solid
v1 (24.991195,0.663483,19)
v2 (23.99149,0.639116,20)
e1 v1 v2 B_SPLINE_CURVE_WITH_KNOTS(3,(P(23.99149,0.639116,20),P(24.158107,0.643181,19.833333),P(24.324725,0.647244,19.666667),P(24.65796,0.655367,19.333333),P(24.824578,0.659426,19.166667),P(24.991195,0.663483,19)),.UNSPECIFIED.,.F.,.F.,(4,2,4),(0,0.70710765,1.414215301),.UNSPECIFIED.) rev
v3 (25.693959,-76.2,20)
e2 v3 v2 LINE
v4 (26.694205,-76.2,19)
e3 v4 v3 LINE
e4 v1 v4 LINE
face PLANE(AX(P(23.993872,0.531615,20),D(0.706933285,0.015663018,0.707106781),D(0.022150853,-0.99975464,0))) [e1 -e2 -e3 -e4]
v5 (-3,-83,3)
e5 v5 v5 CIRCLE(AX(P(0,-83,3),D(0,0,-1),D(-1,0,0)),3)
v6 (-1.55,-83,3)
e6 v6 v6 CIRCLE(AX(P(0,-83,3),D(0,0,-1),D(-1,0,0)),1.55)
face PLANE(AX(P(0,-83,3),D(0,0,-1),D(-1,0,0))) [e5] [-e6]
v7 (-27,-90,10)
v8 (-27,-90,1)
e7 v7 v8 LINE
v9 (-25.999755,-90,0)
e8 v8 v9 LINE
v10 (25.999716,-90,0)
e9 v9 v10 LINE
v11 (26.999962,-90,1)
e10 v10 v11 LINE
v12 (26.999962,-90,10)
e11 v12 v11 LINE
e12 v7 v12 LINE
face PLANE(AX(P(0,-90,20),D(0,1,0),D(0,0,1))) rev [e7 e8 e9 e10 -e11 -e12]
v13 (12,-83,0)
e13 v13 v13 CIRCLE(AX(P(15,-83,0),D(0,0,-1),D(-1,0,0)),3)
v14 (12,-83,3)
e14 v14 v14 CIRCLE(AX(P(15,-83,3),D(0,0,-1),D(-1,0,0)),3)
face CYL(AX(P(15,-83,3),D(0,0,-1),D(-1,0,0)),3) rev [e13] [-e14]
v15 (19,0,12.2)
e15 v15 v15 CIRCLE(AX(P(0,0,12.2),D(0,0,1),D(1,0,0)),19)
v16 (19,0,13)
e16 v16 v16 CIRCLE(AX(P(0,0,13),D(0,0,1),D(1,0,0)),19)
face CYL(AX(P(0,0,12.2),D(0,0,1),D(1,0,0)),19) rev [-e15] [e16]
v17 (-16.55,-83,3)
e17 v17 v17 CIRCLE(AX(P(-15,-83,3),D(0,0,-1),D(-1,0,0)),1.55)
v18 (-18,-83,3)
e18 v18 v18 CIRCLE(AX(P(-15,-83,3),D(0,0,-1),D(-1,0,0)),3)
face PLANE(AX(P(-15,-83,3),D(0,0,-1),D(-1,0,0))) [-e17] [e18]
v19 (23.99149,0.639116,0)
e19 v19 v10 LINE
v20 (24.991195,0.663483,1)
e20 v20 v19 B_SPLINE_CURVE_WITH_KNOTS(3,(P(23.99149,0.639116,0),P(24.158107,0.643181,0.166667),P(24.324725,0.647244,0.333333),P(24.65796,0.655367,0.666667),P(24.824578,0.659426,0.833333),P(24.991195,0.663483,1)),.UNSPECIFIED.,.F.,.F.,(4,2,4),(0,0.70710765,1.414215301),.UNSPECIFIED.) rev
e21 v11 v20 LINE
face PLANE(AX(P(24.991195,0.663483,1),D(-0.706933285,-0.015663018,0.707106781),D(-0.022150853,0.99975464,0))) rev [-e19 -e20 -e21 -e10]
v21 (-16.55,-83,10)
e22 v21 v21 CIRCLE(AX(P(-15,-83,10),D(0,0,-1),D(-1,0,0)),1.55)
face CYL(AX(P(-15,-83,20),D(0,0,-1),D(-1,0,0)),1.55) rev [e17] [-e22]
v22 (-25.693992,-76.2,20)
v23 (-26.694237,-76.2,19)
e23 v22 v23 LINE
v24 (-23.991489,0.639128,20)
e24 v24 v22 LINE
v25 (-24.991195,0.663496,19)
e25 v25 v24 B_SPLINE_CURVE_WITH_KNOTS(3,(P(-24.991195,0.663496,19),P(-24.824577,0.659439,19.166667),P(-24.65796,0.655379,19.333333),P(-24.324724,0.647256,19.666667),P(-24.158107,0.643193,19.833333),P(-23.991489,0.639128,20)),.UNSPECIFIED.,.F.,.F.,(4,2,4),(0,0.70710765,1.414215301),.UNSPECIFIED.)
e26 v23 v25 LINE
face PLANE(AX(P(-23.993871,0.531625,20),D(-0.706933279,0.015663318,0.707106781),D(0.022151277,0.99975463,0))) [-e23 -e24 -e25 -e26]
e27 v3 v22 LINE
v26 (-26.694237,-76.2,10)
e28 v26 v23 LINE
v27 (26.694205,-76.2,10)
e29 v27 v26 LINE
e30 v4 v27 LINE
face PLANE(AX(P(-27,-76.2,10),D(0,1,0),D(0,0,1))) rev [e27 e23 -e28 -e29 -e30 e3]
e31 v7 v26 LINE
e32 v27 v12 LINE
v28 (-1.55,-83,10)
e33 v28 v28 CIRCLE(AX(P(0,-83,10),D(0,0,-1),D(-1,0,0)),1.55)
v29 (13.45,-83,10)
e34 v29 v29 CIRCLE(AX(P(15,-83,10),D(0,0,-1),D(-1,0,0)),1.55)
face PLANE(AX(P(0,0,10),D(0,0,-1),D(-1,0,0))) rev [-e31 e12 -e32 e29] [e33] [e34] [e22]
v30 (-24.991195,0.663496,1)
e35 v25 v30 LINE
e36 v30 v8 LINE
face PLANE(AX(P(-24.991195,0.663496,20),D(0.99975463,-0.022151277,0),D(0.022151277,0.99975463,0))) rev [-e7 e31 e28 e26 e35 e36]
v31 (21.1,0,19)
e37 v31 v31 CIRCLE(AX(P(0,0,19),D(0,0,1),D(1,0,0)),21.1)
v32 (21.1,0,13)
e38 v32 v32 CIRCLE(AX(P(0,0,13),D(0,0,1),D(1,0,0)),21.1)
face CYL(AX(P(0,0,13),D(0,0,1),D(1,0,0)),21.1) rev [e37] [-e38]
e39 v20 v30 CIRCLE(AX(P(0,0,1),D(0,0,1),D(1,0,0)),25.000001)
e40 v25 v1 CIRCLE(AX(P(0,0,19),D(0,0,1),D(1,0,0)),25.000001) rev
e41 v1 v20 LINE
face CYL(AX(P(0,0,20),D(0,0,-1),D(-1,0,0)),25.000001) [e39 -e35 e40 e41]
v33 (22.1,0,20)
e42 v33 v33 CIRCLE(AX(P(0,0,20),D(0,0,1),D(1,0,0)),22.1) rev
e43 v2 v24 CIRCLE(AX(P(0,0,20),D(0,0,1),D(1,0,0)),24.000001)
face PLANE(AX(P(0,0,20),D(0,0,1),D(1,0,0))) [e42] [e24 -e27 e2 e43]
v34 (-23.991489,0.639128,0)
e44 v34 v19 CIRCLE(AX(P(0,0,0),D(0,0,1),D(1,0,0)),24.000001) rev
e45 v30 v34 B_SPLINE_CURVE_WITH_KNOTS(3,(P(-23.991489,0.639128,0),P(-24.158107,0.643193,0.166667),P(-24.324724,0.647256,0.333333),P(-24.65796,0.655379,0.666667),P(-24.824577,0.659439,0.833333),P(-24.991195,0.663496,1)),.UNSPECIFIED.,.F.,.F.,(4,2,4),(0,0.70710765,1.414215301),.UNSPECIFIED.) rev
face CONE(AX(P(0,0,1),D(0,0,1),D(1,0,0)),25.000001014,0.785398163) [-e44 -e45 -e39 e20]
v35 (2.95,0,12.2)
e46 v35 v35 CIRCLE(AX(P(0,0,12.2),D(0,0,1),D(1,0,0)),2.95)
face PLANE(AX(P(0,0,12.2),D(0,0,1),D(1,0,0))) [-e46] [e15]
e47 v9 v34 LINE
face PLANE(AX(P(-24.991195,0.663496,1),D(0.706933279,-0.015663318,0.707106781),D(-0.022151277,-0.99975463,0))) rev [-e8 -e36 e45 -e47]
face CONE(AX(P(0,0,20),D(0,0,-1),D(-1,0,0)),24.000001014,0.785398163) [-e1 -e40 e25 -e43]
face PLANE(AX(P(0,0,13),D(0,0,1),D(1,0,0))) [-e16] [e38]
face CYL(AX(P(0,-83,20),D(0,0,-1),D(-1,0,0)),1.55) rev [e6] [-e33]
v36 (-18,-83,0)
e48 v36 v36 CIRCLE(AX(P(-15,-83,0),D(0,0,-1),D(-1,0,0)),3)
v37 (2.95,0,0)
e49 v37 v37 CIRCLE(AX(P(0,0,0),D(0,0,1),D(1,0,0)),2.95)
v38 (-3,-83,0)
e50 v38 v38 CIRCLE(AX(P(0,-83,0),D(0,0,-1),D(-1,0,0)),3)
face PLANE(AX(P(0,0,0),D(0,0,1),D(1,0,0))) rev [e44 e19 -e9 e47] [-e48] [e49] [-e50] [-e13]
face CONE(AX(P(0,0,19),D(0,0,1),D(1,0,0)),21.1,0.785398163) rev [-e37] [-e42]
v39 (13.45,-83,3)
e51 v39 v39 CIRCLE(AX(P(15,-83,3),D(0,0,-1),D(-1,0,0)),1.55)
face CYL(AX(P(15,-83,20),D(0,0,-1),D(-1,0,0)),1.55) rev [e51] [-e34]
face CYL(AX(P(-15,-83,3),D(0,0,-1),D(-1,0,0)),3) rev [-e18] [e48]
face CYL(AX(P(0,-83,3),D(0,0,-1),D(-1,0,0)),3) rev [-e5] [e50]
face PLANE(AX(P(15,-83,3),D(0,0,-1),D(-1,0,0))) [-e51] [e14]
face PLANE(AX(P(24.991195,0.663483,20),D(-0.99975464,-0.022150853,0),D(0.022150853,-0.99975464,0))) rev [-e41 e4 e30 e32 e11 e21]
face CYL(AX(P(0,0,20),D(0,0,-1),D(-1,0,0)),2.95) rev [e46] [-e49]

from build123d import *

# Parameters (mm, degrees)
SKETCH_2_R          = 2.95
SKETCH_2_R_2        = 1.55
EXTRUDE_1_DEPTH     = 20
SKETCH_3_W          = 53.999961589
SKETCH_3_H          = 13.8
CUT_EXTRUDE_1_DEPTH = 10
SKETCH_4_R          = 21.1
CUT_EXTRUDE_2_DEPTH = 7
SKETCH_5_R          = 19
CUT_EXTRUDE_3_DEPTH = 0.8
CHAMFER_1_SIZE      = 1
SKETCH_6_R          = 3
CUT_EXTRUDE_4_DEPTH = 3


with BuildPart() as part:
    # 草图2 → 凸台-拉伸1 (new body)
    with BuildSketch(Plane.XY):
        with BuildLine():
            Line((-24.99119492, 0.663496162), (-27, -90))
            Line((-27, -90), (0, -90))
            Line((0, -90), (26.999961589, -90))
            Line((26.999961589, -90), (24.991195257, 0.663483484))
            ThreePointArc((24.991195257, 0.663483484), (6.341e-06, 25.000001014), (-24.99119492, 0.663496162))
        make_face()
        Circle(SKETCH_2_R, mode=Mode.SUBTRACT)
        with Locations((-15, -83)):
            Circle(SKETCH_2_R_2, mode=Mode.SUBTRACT)
        with Locations((0, -83)):
            Circle(SKETCH_2_R_2, mode=Mode.SUBTRACT)
        with Locations((15, -83)):
            Circle(SKETCH_2_R_2, mode=Mode.SUBTRACT)
    extrude(amount=EXTRUDE_1_DEPTH)

    # 草图3 → 切除-拉伸1 (cut)
    with BuildSketch(Plane.XY.offset(20)):
        with Locations((-1.9205e-05, -83.1)):
            Rectangle(SKETCH_3_W, SKETCH_3_H)
    extrude(amount=-CUT_EXTRUDE_1_DEPTH, mode=Mode.SUBTRACT)

    # 草图4 → 切除-拉伸2 (cut)
    with BuildSketch(Plane.XY.offset(20)):
        Circle(SKETCH_4_R)
    extrude(amount=-CUT_EXTRUDE_2_DEPTH, mode=Mode.SUBTRACT)

    # 草图5 → 切除-拉伸3 (cut)
    with BuildSketch(Plane.XY.offset(13)):
        Circle(SKETCH_5_R)
    extrude(amount=-CUT_EXTRUDE_3_DEPTH, mode=Mode.SUBTRACT)

    # 倒角1
    chamfer_1_edges = [part.edges().sort_by_distance(p)[0] for p in [
        (25.84270003, -37.768258258, 20),
        (6.341e-06, 25.000001014, 20),
        (25.995578423, -44.668258258, 0),
        (-21.1, 0, 20),
        (-25.99559746, -44.668251919, 0),
        (6.341e-06, 25.000001014, 0),
        (-25.842716139, -37.768251919, 20),
    ]]
    chamfer(chamfer_1_edges, length=CHAMFER_1_SIZE)

    # 草图6 → 切除-拉伸4 (cut)
    with BuildSketch(Plane(origin=(0, 0, 0), x_dir=(-1, 0, 0), z_dir=(0, 0, -1))):
        with Locations((-15, -83)):
            Circle(SKETCH_6_R)
        with Locations((0, -83)):
            Circle(SKETCH_6_R)
        with Locations((15, -83)):
            Circle(SKETCH_6_R)
    extrude(amount=-CUT_EXTRUDE_4_DEPTH, mode=Mode.SUBTRACT)


solid = part.part
